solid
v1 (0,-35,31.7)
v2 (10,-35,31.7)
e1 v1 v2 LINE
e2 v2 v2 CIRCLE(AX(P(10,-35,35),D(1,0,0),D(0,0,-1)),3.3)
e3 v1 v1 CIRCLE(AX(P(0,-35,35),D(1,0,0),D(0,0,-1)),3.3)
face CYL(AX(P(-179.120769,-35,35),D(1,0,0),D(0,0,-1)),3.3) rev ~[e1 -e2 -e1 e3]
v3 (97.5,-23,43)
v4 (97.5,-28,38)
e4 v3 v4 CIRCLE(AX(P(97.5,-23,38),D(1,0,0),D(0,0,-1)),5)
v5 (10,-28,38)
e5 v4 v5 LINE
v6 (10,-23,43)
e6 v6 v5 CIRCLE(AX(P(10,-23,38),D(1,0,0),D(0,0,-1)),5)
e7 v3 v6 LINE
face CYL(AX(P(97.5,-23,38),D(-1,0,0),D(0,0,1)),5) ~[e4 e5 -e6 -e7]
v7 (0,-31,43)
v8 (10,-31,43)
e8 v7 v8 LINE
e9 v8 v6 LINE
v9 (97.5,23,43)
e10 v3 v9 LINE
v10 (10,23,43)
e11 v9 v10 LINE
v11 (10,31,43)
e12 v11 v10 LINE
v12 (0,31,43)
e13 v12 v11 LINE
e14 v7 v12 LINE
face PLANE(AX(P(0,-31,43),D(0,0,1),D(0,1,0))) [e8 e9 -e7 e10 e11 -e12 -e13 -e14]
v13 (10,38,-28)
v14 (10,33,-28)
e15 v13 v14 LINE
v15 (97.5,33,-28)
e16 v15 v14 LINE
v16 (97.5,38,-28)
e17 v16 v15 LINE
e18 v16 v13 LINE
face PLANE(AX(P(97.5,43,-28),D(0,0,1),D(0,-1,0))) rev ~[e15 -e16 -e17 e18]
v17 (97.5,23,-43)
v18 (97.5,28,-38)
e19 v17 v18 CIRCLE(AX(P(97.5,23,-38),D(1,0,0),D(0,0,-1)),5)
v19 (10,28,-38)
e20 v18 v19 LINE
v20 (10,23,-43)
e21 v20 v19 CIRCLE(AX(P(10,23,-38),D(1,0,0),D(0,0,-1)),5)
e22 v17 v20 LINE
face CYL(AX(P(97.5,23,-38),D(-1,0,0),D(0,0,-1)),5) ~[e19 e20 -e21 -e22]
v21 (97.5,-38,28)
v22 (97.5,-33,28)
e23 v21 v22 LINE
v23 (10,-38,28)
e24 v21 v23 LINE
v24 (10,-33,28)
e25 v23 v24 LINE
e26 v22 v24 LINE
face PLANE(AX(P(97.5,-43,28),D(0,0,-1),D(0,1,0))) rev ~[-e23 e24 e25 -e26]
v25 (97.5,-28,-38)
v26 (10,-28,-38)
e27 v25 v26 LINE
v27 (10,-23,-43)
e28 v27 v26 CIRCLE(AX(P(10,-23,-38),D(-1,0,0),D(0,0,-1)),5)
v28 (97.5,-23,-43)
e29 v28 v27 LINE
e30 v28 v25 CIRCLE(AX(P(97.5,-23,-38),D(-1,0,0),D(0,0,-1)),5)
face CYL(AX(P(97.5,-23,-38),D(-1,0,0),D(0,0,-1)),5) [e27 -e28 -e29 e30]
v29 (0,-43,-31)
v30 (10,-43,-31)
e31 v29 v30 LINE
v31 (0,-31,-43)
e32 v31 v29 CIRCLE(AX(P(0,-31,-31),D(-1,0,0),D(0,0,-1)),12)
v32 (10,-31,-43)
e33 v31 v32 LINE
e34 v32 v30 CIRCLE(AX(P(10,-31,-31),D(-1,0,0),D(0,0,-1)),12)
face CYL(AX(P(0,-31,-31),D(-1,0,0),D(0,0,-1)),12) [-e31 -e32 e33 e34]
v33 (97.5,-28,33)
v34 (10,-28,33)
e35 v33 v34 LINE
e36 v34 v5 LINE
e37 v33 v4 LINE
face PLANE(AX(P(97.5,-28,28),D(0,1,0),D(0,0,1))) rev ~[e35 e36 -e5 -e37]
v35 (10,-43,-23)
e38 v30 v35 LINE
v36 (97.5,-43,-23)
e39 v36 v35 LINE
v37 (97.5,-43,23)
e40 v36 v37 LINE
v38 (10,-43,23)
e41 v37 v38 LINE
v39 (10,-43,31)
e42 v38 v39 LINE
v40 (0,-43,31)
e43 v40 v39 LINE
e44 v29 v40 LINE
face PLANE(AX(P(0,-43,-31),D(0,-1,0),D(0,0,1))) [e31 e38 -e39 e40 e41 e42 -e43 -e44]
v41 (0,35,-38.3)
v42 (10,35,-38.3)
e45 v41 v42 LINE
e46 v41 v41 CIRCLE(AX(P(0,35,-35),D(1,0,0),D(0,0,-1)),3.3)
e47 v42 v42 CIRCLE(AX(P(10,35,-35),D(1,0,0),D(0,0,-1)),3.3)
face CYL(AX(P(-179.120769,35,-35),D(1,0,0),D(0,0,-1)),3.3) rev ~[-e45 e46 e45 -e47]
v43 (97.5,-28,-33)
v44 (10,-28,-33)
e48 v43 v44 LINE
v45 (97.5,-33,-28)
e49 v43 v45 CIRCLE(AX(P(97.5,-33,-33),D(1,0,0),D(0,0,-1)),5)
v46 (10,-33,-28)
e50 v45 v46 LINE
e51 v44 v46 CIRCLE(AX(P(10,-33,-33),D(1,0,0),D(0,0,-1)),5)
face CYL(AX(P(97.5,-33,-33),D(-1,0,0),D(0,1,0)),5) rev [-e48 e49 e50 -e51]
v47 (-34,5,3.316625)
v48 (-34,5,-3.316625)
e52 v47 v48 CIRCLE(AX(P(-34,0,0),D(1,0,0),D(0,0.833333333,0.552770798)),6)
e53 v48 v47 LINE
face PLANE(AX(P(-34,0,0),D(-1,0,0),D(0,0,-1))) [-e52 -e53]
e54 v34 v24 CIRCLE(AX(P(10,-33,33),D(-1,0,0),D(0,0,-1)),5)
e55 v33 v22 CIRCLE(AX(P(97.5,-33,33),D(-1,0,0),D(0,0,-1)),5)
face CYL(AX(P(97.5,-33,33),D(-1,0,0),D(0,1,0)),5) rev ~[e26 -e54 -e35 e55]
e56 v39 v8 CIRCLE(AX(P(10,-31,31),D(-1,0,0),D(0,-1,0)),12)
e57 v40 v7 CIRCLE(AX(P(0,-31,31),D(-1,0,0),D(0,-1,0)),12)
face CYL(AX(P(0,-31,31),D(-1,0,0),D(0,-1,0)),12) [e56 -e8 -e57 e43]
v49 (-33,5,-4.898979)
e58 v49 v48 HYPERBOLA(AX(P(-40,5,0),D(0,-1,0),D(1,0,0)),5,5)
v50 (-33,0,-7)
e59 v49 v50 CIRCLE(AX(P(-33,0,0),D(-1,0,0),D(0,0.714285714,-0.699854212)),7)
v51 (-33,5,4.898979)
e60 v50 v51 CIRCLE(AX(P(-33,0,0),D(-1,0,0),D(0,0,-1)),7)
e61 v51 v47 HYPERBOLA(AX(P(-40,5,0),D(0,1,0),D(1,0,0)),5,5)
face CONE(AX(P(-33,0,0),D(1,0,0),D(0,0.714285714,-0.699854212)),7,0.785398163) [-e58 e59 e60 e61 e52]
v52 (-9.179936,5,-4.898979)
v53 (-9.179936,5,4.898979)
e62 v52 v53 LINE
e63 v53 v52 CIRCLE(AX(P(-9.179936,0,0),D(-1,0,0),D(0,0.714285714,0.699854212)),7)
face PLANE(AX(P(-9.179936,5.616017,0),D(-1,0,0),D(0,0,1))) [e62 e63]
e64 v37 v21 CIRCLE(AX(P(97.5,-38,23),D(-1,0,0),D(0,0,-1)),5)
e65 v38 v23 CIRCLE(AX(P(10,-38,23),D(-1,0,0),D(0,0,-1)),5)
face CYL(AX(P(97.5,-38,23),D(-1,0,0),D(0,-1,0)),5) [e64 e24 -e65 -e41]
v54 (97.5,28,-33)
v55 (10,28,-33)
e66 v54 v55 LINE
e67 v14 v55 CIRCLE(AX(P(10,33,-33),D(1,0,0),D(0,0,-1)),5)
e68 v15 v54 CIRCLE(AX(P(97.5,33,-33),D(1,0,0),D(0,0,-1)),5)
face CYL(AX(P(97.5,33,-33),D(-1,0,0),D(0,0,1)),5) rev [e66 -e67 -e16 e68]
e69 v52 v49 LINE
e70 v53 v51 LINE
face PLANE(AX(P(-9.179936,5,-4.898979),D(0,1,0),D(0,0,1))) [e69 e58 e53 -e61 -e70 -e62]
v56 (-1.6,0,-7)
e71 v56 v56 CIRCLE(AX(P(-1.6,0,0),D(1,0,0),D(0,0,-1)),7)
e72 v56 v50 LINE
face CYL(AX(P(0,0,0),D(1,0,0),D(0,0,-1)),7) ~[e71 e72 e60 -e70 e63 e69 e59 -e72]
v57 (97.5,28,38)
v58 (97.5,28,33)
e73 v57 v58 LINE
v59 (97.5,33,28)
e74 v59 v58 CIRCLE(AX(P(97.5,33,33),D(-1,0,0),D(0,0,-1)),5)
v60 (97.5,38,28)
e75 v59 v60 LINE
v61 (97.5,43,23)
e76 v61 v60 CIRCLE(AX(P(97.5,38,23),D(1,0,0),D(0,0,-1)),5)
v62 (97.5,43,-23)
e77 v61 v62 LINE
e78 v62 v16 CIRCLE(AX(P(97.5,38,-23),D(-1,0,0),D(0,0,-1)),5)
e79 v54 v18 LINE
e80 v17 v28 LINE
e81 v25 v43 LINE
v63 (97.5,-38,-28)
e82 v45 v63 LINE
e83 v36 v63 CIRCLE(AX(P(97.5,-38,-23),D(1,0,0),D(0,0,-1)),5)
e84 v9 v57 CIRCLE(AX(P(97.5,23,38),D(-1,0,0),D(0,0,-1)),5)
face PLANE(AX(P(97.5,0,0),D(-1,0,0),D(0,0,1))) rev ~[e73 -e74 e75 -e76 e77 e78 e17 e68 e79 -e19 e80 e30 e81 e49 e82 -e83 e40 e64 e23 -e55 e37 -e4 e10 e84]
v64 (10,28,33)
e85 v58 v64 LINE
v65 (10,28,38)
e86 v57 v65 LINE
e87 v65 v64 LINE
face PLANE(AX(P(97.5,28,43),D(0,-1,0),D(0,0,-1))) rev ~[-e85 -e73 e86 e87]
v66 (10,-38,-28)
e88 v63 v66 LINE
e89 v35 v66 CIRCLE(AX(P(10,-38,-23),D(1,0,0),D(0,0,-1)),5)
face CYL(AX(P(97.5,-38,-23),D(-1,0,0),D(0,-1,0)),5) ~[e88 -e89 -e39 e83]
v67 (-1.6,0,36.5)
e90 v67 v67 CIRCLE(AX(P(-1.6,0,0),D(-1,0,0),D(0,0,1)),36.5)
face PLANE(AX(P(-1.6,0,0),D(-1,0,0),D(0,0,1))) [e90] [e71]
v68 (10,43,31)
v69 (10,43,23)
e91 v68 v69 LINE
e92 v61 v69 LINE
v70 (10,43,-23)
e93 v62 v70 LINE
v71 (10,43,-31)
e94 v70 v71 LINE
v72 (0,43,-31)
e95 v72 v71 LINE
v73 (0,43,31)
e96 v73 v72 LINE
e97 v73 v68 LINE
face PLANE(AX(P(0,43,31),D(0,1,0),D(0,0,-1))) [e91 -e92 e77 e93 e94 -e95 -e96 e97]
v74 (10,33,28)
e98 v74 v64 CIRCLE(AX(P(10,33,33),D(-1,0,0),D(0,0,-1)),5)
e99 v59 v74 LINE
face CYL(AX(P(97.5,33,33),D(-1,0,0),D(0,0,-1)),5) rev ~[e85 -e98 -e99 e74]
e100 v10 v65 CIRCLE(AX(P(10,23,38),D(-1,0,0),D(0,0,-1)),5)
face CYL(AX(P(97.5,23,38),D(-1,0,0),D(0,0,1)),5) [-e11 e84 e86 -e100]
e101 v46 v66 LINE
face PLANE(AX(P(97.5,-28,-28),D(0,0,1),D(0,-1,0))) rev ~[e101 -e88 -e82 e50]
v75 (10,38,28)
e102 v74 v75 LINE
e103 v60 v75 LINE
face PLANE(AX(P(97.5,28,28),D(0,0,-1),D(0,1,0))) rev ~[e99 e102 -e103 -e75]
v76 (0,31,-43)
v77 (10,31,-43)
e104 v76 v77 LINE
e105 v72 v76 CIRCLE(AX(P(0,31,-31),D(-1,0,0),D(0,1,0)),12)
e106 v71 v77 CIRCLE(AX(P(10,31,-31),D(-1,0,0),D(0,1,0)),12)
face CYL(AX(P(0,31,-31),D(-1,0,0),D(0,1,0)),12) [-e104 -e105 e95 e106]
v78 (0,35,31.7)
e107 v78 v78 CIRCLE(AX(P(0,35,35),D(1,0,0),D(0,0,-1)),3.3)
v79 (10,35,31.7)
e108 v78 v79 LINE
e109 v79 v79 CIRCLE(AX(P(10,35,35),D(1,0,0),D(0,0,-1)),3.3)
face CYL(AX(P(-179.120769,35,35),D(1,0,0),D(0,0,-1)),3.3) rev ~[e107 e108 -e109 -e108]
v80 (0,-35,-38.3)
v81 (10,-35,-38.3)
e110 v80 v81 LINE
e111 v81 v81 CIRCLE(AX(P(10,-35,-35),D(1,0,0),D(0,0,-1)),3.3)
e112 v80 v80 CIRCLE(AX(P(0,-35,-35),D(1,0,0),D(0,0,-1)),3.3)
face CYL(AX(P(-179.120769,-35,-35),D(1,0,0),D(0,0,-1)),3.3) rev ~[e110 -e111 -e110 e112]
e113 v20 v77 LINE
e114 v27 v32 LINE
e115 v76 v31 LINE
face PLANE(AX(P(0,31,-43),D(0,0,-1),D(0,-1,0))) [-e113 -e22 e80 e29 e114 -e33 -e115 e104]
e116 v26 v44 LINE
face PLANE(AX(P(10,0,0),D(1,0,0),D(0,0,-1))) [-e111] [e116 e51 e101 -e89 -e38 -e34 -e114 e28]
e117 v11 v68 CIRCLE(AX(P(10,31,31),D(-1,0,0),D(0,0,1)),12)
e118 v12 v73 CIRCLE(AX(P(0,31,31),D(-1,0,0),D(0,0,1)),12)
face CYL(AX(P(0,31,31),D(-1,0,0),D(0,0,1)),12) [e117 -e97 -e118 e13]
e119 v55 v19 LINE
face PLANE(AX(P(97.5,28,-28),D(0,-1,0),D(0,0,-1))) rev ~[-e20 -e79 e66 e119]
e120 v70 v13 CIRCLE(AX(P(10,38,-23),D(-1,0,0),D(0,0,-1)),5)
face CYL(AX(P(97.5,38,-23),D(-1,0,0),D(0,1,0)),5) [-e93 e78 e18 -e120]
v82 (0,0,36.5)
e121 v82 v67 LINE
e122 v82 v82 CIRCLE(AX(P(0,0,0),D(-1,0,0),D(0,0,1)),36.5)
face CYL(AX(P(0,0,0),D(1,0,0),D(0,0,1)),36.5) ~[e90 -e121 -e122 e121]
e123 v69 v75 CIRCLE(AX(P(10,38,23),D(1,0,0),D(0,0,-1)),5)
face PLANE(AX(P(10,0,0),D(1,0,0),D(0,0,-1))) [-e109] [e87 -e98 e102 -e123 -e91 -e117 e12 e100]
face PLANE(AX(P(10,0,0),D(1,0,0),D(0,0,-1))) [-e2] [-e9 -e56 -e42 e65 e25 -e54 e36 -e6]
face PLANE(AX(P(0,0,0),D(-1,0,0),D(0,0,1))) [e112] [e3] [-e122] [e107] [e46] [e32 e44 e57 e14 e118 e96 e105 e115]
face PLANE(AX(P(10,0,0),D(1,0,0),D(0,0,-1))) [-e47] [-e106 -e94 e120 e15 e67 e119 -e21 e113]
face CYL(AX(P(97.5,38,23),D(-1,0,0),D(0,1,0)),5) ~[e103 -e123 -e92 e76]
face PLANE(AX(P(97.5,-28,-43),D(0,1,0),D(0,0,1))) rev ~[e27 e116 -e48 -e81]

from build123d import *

# Parameters (mm, degrees)
BOSS_EXTRUDE1_DEPTH  = 97.5
SKETCH2_R            = 36.5
BOSS_EXTRUDE2_DEPTH  = 1.6
BOSS_EXTRUDE4_START  = -1.6
SKETCH3_R            = 7
BOSS_EXTRUDE4_DEPTH  = 34
CUT_EXTRUDE1_START   = -24.820064241
CUT_EXTRUDE1_DEPTH   = 24.820064241
SKETCH12_OUTSIDE_W   = 123.824
SKETCH12_OUTSIDE_H   = 123.824
CUT_EXTRUDE2_DEPTH   = 87.5
M6_CLEARANCE_HOLE2_D = 6.6
FILLET1_R            = 5
CHAMFER1_SIZE        = 1


with BuildPart() as part:
    # Sketch1 → Boss-Extrude1 (new body)
    with BuildSketch(Plane(origin=(0, 0, 0), x_dir=(0, 0, -1), z_dir=(1, 0, 0))):
        with BuildLine():
            Line((-31, 43), (31, 43))
            ThreePointArc((31, 43), (39.485281374, 39.485281374), (43, 31))
            Line((43, 31), (43, -31))
            ThreePointArc((43, -31), (39.485281374, -39.485281374), (31, -43))
            Line((31, -43), (-31, -43))
            ThreePointArc((-31, -43), (-39.485281374, -39.485281374), (-43, -31))
            Line((-43, -31), (-43, 31))
            ThreePointArc((-43, 31), (-39.485281374, 39.485281374), (-31, 43))
        make_face()
    extrude(amount=BOSS_EXTRUDE1_DEPTH)

    # Sketch2 → Boss-Extrude2 (add)
    with BuildSketch(Plane.ZY):
        Circle(SKETCH2_R)
    extrude(amount=BOSS_EXTRUDE2_DEPTH)

    # Sketch3 → Boss-Extrude4 (add)
    with BuildSketch(Plane.ZY.offset(1.6).offset(BOSS_EXTRUDE4_START)):
        with Locations(Location((0, 0, 0), (0, 0, 180))):
            Circle(SKETCH3_R)
    extrude(amount=BOSS_EXTRUDE4_DEPTH)

    # Sketch4 → Cut-Extrude1 (cut)
    with BuildSketch(Plane.ZY.offset(34).offset(CUT_EXTRUDE1_START)):
        with BuildLine():
            Line((-4.898979486, 5), (4.898979486, 5))
            ThreePointArc((4.898979486, 5), (0, 7), (-4.898979486, 5))
        make_face()
    extrude(amount=CUT_EXTRUDE1_DEPTH, mode=Mode.SUBTRACT)

    # Sketch12 outside → Cut-Extrude2 (cut)
    with BuildSketch(Plane(origin=(97.5, 0, 0), x_dir=(0, 0, -1), z_dir=(1, 0, 0))):
        Rectangle(SKETCH12_OUTSIDE_W, SKETCH12_OUTSIDE_H)
        Polygon((-28, 43), (28, 43), (28, 28), (43, 28), (43, -28), (28, -28), (28, -43), (-28, -43), (-28, -28), (-43, -28), (-43, 28), (-28, 28), align=None, mode=Mode.SUBTRACT)
    extrude(amount=-CUT_EXTRUDE2_DEPTH, mode=Mode.SUBTRACT)

    # M6 Clearance Hole2 (through all)
    with Locations(Plane.ZY):
        with Locations((-35, 35), (35, 35), (35, -35), (-35, -35)):
            Hole(M6_CLEARANCE_HOLE2_D / 2)

    # Fillet1
    fillet1_edges = [part.edges().sort_by_distance(p)[0] for p in [
        (53.75, 28, 28),
        (53.75, 28, 43),
        (53.75, -28, 43),
        (53.75, -28, 28),
        (53.75, -43, 28),
        (53.75, -43, -28),
        (53.75, -28, -28),
        (53.75, -28, -43),
        (53.75, 28, -43),
        (53.75, 28, -28),
        (53.75, 43, -28),
        (53.75, 43, 28),
    ]]
    fillet(fillet1_edges, radius=FILLET1_R)

    # Chamfer1
    chamfer1_edges = [part.edges().sort_by_distance(p)[0] for p in [
        (-34, -6.453404388, 2.711747002),
    ]]
    chamfer(chamfer1_edges, length=CHAMFER1_SIZE)


solid = part.part
